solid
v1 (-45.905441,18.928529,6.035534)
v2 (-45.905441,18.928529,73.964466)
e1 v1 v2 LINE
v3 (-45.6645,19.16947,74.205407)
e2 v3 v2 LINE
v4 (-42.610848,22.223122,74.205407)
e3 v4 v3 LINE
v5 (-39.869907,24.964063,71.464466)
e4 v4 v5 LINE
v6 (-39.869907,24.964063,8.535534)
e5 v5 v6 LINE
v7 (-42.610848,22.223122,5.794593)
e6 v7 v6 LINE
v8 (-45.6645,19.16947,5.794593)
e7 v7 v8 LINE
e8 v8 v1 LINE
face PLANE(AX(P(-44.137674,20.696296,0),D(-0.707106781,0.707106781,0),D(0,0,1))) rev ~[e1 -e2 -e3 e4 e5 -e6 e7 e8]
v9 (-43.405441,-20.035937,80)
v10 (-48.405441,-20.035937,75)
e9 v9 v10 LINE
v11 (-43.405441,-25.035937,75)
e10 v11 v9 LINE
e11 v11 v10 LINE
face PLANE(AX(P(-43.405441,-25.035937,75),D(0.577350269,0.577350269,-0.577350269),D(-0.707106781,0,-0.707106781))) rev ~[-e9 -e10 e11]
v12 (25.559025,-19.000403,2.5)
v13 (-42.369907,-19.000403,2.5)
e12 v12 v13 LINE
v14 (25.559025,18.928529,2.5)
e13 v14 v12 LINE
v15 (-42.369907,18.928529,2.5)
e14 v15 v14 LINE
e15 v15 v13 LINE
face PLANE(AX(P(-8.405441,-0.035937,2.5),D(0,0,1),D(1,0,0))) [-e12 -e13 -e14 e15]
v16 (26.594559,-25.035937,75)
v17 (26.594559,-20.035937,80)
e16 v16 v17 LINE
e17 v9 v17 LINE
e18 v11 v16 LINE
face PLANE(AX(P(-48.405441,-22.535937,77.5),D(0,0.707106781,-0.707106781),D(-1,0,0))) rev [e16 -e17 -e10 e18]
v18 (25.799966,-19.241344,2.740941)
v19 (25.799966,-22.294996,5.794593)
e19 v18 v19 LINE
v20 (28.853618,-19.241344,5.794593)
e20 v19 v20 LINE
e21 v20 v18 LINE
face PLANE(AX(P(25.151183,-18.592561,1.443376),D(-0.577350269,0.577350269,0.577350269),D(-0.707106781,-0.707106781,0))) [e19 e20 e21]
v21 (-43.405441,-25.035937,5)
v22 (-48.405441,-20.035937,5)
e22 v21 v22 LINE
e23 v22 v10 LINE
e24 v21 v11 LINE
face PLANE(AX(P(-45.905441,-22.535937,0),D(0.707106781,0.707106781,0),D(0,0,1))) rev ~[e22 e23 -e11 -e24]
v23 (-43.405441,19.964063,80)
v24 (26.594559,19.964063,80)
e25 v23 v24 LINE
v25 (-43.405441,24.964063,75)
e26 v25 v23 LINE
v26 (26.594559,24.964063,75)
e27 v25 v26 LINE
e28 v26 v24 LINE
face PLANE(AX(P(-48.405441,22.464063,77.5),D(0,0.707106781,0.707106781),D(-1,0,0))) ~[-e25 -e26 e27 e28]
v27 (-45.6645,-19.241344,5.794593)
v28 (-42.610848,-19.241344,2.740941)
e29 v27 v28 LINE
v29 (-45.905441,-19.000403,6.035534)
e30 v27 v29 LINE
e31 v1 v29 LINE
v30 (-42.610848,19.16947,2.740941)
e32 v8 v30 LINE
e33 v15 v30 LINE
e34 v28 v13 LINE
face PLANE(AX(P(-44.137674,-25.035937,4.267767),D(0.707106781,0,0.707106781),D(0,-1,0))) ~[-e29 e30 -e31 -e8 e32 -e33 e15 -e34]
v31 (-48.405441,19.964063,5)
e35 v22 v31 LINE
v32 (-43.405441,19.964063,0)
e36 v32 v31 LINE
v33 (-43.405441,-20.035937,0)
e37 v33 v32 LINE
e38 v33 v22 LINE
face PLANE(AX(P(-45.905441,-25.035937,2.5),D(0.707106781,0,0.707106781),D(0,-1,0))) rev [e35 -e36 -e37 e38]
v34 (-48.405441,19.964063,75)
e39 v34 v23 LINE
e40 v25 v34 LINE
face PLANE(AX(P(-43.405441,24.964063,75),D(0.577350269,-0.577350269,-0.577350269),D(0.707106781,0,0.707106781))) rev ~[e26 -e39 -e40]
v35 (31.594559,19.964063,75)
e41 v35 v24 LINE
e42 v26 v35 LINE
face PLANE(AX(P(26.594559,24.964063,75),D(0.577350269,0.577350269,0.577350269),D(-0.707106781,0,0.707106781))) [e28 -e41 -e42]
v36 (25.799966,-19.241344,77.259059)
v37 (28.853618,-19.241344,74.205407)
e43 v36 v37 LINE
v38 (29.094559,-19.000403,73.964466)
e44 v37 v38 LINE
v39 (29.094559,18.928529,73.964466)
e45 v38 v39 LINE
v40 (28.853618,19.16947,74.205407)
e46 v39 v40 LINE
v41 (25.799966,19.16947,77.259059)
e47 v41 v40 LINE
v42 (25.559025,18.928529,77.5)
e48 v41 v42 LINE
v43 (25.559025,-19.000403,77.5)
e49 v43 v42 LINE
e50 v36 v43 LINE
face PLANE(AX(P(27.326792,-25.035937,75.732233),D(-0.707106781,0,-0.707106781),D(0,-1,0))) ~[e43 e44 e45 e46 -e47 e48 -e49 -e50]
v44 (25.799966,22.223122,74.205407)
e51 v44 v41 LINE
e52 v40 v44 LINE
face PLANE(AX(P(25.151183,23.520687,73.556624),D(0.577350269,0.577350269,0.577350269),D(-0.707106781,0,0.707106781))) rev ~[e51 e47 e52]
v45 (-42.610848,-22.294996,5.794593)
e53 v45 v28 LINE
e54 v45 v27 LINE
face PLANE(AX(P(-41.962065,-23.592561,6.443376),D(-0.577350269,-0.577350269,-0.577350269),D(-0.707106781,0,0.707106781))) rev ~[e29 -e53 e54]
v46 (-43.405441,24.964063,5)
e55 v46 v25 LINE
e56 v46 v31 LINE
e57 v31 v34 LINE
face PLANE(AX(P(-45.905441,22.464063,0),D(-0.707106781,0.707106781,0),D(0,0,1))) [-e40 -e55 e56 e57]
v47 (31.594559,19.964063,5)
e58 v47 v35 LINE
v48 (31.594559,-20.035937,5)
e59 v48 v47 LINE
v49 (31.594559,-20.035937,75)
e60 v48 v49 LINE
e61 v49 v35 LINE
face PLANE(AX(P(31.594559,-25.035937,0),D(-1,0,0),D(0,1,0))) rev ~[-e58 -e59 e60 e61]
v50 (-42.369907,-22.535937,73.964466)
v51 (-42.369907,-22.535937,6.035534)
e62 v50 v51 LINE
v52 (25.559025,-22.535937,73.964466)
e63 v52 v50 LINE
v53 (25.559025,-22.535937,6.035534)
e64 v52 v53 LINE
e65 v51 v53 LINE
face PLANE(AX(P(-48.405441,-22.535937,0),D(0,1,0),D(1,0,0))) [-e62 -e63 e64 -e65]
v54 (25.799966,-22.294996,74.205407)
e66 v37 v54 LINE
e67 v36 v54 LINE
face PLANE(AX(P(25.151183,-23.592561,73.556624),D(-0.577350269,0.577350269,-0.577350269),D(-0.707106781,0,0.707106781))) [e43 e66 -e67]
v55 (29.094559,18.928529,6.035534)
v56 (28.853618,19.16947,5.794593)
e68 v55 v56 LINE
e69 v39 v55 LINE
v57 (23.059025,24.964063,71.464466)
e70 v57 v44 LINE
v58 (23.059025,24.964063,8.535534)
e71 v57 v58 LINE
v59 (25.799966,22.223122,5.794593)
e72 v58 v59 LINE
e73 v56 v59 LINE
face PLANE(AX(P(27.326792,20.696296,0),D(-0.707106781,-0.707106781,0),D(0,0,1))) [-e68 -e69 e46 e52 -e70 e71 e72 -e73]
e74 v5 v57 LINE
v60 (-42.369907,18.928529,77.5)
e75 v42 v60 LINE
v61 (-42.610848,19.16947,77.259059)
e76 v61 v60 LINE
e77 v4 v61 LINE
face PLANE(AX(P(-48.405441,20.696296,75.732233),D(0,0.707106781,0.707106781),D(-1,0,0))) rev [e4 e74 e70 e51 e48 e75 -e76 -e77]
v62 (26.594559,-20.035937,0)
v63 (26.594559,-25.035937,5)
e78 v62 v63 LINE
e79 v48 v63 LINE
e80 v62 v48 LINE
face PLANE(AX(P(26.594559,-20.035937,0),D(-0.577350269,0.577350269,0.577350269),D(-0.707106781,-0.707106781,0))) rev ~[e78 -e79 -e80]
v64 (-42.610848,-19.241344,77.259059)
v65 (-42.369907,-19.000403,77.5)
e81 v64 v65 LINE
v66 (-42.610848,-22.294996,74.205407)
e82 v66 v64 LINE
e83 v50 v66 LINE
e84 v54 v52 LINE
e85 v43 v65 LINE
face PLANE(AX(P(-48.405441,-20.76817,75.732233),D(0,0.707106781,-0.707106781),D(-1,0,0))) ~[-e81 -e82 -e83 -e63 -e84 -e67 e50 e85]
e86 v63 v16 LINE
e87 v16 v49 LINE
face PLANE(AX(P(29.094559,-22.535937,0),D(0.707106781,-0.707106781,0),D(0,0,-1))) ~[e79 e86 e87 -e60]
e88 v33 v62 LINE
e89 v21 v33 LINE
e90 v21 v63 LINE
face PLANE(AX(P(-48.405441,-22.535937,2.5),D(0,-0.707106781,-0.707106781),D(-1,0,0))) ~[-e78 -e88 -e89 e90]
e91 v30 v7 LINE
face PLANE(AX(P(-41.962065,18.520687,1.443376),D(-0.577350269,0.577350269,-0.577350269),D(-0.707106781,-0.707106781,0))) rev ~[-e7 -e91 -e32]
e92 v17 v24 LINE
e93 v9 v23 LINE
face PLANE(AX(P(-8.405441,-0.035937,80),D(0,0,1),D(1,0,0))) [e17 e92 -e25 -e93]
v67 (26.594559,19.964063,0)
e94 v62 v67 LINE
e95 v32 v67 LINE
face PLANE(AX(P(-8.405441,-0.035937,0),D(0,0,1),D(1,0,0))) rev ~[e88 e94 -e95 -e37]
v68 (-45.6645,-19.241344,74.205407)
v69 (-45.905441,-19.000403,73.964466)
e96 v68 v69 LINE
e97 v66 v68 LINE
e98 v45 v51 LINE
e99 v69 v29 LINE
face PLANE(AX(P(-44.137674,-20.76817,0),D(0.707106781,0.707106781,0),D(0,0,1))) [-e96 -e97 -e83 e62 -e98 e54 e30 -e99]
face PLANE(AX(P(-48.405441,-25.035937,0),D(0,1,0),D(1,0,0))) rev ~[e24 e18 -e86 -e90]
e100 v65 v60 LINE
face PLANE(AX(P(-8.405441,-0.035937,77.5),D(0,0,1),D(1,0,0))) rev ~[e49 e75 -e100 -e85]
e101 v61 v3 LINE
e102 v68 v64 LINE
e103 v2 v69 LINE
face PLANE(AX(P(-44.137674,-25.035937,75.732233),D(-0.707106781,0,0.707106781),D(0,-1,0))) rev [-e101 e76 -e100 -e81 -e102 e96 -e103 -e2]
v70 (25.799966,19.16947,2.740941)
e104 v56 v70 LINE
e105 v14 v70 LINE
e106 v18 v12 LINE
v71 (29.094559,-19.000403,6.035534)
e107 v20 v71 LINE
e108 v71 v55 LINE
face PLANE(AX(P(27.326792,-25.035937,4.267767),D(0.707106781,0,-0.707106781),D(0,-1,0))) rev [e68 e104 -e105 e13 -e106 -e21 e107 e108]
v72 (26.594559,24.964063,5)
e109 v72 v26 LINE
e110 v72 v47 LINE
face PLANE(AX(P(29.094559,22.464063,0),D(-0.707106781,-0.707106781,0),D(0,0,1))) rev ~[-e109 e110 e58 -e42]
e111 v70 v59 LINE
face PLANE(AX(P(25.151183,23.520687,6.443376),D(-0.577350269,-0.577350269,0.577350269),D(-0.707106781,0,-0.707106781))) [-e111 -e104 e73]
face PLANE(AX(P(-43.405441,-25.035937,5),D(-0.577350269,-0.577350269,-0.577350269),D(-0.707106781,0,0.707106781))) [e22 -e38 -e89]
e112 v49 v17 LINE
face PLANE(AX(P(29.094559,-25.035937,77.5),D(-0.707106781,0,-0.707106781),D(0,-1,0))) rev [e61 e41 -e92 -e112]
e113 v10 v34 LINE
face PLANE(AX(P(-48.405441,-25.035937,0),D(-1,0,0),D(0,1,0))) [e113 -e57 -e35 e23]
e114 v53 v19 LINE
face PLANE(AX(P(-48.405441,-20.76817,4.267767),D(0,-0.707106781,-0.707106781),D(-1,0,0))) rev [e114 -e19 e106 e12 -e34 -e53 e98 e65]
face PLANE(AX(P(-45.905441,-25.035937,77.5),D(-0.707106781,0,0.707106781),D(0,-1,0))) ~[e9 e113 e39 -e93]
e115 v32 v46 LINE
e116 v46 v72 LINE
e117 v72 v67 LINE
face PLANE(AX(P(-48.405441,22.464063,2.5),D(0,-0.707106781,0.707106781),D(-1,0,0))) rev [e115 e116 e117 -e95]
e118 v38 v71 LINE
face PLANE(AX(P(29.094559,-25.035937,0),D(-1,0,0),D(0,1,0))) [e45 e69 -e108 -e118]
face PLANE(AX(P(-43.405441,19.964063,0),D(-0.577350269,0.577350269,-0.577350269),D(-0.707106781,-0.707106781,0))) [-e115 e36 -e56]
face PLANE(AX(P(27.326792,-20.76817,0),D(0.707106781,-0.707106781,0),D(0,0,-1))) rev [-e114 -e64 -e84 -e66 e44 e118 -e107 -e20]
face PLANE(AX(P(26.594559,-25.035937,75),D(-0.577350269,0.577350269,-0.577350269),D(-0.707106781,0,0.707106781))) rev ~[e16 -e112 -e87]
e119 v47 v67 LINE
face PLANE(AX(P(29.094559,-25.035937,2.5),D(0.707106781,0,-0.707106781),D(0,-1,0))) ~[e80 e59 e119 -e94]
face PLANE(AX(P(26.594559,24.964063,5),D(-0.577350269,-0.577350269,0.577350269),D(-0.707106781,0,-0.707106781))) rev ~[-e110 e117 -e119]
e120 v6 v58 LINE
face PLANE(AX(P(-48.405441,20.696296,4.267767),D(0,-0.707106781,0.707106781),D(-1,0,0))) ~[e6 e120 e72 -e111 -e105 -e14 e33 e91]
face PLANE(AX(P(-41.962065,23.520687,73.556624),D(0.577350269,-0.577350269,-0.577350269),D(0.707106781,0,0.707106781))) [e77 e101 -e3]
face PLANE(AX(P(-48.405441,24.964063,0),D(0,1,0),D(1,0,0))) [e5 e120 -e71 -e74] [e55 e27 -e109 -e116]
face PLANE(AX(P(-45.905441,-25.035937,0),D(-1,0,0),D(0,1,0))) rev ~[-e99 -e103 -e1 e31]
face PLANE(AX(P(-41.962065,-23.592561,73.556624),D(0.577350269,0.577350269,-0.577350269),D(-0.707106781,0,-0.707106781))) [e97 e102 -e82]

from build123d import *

# Parameters (mm, degrees)
F0_W     = 80
F0_H     = 50
F1_DEPTH = 80
F2_SIZE  = 5
F3_T     = -2.5


with BuildPart() as f1:
    # F0 (on Top) → F1 (new body)
    with BuildSketch(Plane.XY):
        with Locations((-8.405441, -0.035937)):
            Rectangle(F0_W, F0_H)
    extrude(amount=F1_DEPTH)

    # F2
    f2_edges = [f1.edges().sort_by_distance(p)[0] for p in [
        (31.594559, -0.035937, 80),
        (31.594559, -25.035937, 40),
        (31.594559, -0.035937, 0),
        (31.594559, 24.964063, 40),
        (-48.405441, -0.035937, 80),
        (-48.405441, 24.964063, 40),
        (-8.405441, 24.964063, 0),
        (-8.405441, 24.964063, 80),
        (-8.405441, -25.035937, 80),
        (-48.405441, -0.035937, 0),
        (-8.405441, -25.035937, 0),
        (-48.405441, -25.035937, 40),
    ]]
    chamfer(f2_edges, length=F2_SIZE)

    # F3
    f3_openings = [f1.faces().sort_by_distance(p)[0] for p in [
        (-8.405441, 24.964063, 40),
    ]]
    offset(amount=F3_T, openings=f3_openings)


solid = f1.part
